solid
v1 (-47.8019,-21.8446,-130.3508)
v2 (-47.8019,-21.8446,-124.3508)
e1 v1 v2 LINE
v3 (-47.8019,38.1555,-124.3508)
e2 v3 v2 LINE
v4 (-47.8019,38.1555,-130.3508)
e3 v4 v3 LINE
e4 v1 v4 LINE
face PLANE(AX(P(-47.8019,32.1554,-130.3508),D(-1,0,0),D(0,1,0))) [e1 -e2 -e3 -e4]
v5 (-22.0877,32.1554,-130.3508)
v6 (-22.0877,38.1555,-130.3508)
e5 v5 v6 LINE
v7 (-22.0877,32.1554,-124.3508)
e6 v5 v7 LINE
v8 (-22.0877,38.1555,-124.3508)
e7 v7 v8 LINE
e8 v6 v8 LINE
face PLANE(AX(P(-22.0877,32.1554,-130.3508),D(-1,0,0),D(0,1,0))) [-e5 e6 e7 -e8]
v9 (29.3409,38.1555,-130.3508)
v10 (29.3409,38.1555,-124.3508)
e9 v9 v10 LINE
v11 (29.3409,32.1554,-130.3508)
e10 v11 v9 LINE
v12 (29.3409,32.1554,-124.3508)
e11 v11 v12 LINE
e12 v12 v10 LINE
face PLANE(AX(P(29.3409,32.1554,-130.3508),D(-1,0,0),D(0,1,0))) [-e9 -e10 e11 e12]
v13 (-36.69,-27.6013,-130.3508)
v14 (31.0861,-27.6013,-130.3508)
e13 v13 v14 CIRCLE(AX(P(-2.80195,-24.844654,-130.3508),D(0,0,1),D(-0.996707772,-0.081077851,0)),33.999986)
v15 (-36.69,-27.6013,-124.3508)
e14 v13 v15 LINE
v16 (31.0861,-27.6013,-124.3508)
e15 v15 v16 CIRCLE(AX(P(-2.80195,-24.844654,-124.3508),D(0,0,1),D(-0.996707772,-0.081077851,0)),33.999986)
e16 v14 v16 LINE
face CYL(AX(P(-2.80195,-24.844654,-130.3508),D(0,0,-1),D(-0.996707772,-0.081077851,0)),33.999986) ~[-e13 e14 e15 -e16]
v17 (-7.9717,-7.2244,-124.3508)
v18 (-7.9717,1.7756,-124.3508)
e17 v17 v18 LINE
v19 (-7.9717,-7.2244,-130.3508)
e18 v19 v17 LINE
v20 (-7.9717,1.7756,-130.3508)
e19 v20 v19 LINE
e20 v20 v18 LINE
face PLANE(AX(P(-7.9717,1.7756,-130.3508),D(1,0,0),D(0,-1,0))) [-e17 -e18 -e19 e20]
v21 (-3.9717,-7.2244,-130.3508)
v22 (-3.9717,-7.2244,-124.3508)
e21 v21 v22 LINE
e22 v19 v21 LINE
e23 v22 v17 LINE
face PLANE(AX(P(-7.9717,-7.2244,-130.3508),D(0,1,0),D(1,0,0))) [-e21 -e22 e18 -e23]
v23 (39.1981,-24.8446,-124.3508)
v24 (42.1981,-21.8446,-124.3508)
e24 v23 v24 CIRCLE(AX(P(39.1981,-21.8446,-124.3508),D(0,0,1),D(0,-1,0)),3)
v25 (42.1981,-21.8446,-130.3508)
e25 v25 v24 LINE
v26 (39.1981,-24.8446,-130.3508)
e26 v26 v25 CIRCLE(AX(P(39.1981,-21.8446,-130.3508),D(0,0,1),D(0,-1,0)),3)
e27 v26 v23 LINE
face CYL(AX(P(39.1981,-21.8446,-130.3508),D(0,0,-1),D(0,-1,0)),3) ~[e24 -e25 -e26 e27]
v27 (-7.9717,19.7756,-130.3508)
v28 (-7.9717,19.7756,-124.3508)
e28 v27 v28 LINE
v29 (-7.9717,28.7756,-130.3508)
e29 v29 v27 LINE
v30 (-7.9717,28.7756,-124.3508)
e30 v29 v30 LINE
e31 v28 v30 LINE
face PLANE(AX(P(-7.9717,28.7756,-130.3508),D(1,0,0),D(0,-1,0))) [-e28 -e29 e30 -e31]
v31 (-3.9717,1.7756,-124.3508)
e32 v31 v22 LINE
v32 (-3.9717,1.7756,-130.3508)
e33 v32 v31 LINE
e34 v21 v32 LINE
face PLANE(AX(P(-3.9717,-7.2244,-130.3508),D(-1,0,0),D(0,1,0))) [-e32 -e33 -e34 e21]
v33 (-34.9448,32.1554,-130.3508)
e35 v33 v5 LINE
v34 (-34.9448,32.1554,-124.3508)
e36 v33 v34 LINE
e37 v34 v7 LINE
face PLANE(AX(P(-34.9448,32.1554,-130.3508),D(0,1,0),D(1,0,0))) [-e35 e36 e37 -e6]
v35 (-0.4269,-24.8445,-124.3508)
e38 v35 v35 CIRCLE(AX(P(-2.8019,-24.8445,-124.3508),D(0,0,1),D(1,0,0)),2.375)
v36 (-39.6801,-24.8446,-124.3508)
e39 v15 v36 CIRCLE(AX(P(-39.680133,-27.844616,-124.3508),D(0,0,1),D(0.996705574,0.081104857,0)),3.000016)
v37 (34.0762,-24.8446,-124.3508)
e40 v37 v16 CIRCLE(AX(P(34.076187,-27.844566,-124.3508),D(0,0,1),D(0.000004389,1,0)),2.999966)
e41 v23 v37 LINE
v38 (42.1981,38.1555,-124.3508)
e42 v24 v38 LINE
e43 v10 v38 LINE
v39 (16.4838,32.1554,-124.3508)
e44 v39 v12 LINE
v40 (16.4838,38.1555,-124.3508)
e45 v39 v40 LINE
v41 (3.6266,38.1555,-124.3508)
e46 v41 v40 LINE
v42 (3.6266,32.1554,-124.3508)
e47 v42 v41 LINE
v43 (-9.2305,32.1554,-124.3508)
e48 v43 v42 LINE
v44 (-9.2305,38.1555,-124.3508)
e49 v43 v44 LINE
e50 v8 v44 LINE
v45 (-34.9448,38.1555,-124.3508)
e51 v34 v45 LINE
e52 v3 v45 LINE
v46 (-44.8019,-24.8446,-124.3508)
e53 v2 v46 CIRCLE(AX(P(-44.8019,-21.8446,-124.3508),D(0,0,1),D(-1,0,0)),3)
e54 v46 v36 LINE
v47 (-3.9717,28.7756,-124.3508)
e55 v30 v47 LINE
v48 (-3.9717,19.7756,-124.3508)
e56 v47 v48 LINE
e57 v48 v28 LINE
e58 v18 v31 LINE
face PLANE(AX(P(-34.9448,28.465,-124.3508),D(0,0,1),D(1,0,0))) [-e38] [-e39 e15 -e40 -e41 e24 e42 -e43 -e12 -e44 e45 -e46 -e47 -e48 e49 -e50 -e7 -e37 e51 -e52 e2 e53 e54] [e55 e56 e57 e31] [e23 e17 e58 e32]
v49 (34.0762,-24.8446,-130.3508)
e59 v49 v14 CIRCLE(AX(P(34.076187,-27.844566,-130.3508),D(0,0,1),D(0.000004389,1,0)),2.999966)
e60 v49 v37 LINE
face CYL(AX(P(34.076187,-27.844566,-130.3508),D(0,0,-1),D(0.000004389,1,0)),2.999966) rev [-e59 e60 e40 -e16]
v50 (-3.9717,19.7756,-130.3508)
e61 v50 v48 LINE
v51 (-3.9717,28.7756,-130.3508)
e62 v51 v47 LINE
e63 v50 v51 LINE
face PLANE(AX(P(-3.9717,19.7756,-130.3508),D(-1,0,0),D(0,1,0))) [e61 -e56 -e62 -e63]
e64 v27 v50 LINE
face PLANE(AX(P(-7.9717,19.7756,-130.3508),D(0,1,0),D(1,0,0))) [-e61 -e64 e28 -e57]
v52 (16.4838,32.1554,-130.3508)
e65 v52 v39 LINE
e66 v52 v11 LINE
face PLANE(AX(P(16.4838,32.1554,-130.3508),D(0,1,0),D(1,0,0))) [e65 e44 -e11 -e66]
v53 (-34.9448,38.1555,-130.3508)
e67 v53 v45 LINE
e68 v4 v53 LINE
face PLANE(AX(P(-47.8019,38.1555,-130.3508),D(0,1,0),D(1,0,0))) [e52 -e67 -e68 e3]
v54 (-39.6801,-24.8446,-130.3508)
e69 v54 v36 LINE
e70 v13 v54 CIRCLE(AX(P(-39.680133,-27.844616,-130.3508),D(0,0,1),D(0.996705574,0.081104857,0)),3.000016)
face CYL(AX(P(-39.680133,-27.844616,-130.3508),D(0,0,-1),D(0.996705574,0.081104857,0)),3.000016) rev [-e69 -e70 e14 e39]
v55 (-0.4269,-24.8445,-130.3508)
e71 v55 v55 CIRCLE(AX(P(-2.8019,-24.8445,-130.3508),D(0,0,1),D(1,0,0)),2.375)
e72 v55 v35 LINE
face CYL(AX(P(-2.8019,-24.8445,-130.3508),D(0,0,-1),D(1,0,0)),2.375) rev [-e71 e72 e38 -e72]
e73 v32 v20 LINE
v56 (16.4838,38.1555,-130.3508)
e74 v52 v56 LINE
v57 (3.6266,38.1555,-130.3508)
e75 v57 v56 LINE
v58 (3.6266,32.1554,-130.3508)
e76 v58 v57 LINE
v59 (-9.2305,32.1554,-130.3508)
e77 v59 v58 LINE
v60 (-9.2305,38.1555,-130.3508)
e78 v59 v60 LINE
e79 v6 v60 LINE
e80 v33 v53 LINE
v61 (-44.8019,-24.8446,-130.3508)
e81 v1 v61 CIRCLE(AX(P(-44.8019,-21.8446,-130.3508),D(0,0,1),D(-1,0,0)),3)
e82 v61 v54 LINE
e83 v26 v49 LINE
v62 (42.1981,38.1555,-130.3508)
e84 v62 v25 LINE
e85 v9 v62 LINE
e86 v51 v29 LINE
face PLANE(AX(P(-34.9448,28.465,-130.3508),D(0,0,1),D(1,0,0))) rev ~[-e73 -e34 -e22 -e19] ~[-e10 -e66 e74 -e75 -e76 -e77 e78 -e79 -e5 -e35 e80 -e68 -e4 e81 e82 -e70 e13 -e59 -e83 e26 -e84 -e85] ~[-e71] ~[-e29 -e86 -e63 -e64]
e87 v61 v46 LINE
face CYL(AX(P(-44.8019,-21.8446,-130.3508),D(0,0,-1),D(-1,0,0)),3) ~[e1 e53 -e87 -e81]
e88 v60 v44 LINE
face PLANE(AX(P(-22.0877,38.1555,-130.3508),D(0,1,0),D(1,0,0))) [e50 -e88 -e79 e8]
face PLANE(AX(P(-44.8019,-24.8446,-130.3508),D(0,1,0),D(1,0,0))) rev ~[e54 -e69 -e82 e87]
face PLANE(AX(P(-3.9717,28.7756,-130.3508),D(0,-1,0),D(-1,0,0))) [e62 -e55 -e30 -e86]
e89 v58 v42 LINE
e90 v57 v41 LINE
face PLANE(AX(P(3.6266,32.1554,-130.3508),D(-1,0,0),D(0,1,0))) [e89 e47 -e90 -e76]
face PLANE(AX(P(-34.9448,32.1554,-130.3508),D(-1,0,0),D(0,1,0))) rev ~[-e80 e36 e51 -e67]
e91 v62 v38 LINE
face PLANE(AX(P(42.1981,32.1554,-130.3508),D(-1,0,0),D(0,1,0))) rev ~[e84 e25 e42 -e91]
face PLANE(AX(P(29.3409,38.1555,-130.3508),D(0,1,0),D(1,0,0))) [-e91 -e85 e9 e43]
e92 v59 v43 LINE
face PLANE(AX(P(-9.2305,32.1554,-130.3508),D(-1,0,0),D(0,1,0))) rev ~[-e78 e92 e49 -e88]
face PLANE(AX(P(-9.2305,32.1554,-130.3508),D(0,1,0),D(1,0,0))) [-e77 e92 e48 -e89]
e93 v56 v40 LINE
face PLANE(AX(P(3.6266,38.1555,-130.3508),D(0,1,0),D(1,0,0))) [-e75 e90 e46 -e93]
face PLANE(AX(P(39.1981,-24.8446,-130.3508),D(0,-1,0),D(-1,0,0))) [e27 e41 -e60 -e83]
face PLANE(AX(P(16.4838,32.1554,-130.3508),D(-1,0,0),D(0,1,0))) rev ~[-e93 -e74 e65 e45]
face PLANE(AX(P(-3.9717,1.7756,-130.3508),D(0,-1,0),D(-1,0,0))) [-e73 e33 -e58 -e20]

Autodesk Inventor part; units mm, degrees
ref_plane "YZ Plane" through (0, 0, 0) normal (1, 0, 0) x (0, 1, 0)
ref_plane "XZ Plane" through (0, 0, 0) normal (0, 1, 0) x (-1, 0, 0)
ref_plane "РабПлоскость1" through (-34.9448, 28.465, -130.3508) normal (0, 0, 1) x (1, 0, 0)
sketch "Эскиз1" plane through (-34.9448, 28.465, -130.3508) normal (0, 0, 1) x (1, 0, 0)
  line L0 (0, 3.6904) -> (-12.8571, 3.6904) construction
  line L1 (0, 3.6904) -> (0, 9.6905) projected
  line L2 (-12.8571, 9.6905) -> (0, 9.6905) projected
  line L3 (-12.8571, 3.6904) -> (-12.8571, 9.6905)
  line L4 (25.7143, 3.6904) -> (12.8571, 3.6904) construction
  line L5 (25.7143, 3.6904) -> (25.7143, 9.6905) projected
  line L6 (12.8571, 9.6905) -> (25.7143, 9.6905) projected
  line L7 (12.8571, 3.6904) -> (12.8571, 9.6905)
  line L8 (51.4286, 3.6904) -> (38.5714, 3.6904) construction
  line L9 (51.4286, 3.6904) -> (51.4286, 9.6905) projected
  line L10 (38.5714, 9.6905) -> (51.4286, 9.6905) projected
  line L11 (38.5714, 3.6904) -> (38.5714, 9.6905)
  line L12 (77.1429, 3.6904) -> (64.2857, 3.6904) construction
  line L13 (77.1429, 3.6904) -> (77.1429, 9.6905) projected
  line L14 (64.2857, 9.6905) -> (77.1429, 9.6905) projected
  line L15 (64.2857, 3.6904) -> (64.2857, 9.6905)
  line L16 (0, 3.6904) -> (12.8571, 3.6904)
  line L17 (25.7143, 3.6904) -> (38.5714, 3.6904)
  line L18 (51.4286, 3.6904) -> (64.2857, 3.6904)
  line L19 (-12.8571, 3.6904) -> (-12.8571, -50.3096)
  line L20 (-9.8571, -53.3096) -> (-4.7353, -53.3096)
  line L21 (77.1429, 3.6904) -> (77.1429, -50.3096)
  line L22 (74.1429, -53.3096) -> (69.021, -53.3096)
  line L23 (-1.8571, -53.3096) -> (66.1429, -53.3096) construction
  arc A0 (-1.7452, -56.0663) -> (66.0309, -56.0663) centre (32.1429, -53.3096) ccw
  arc A1 (-1.7452, -56.0663) -> (-4.7353, -53.3096) centre (-4.7353, -56.3096) ccw
  arc A2 (69.021, -53.3096) -> (66.0309, -56.0663) centre (69.021, -56.3096) ccw
  arc A3 (74.1429, -53.3096) -> (77.1429, -50.3096) centre (74.1429, -50.3096) ccw
  arc A4 (-12.8571, -50.3096) -> (-9.8571, -53.3096) centre (-9.8571, -50.3096) ccw
  circle A5 centre (32.1429, -53.3095) radius 2.375
  point P0 (34.9448, -28.465)
  point P1 (77.1429, -53.3096)
  dimension "d0" = 57
  dimension "d1" = 34
  dimension "d2" = 3
  dimension "d3" = 6
  dimension "d14" = 4.75
ref_plane "РабПлоскость2" through (-162.802, 331.465, 111.3492) normal (0, 0, 1) x (1, 0, 0)
extrude "Выдавливание1" add sketch "Эскиз1" along normal blind 6
sketch "Эскиз6" plane through (-34.9448, 28.465, -130.3508) normal (0, 0, -1) x (-1, 0, 0)
  line L0 (-30.9731, -35.6894) -> (-30.9731, -26.6894)
  line L1 (-30.9731, -26.6894) -> (-26.9731, -26.6894)
  line L2 (-26.9731, -35.6894) -> (-30.9731, -35.6894)
  line L3 (-26.9731, -26.6894) -> (-26.9731, -35.6894)
  line L4 (-26.9731, 0.3106) -> (-26.9731, -8.6894)
  line L5 (-26.9731, -8.6894) -> (-30.9731, -8.6894)
  line L6 (-30.9731, 0.3106) -> (-26.9731, 0.3106)
  line L7 (-30.9731, -8.6894) -> (-30.9731, 0.3106)
extrude "Выдавливание5" cut sketch "Эскиз6" against normal blind 10
sketch "Эскиз2" plane through (-34.9448, 28.465, -130.3508) normal (0, 0, -1) x (-1, 0, 0)
  line L0 (-4.9286, 3.6904) -> (-4.9286, -2.6596)
  line L1 (-4.9286, -2.6596) -> (-3.6786, -2.6596)
  line L2 (-3.6786, -2.6596) -> (-3.6786, -4.9596)
  line L3 (-3.6786, -4.9596) -> (-4.9286, -4.9596)
  line L4 (-4.9286, -4.9596) -> (-4.9286, -11.3096)
  line L5 (-4.9286, -11.3096) -> (-7.9286, -11.3096)
  line L6 (-7.9286, -11.3096) -> (-7.9286, -4.9596)
  line L7 (-7.9286, -4.9596) -> (-9.1786, -4.9596)
  line L8 (-9.1786, -4.9596) -> (-9.1786, -2.6596)
  line L9 (-9.1786, -2.6596) -> (-7.9286, -2.6596)
  line L10 (-7.9286, -2.6596) -> (-7.9286, 3.6904)
  line L11 (-56.3571, 3.6904) -> (-59.3571, 3.6904)
  line L12 (-56.3571, 3.6904) -> (-56.3571, -2.6596)
  line L13 (-56.3571, -2.6596) -> (-55.1071, -2.6596)
  line L14 (-55.1071, -2.6596) -> (-55.1071, -4.9596)
  line L15 (-55.1071, -4.9596) -> (-56.3571, -4.9596)
  line L16 (-56.3571, -4.9596) -> (-56.3571, -11.3096)
  line L17 (-56.3571, -11.3096) -> (-59.3571, -11.3096)
  line L18 (-59.3571, -11.3096) -> (-59.3571, -4.9596)
  line L19 (-59.3571, -4.9596) -> (-60.6071, -4.9596)
  line L20 (-60.6071, -4.9596) -> (-60.6071, -2.6596)
  line L21 (-60.6071, -2.6596) -> (-59.3571, -2.6596)
  line L22 (-59.3571, -2.6596) -> (-59.3571, 3.6904)
  line L23 (-56.3571, 3.6904) -> (-59.3571, 3.6904) projected
  line L24 (-4.9286, 3.6904) -> (-7.9286, 3.6904) projected
  line L25 (-25.7143, 3.6904) -> (-25.7143, 9.6905) projected
  line L26 (-38.5714, 3.6904) -> (-25.7143, 3.6904) projected
  line L27 (-38.5714, 9.6905) -> (-38.5714, 3.6904) projected
  line L28 (-51.4286, 3.6904) -> (-51.4286, 9.6905) projected
  line L29 (-64.2857, 3.6904) -> (-51.4286, 3.6904) projected
  line L30 (-64.2857, 9.6905) -> (-64.2857, 3.6904) projected
  line L31 (-77.1429, -50.3096) -> (-77.1429, 9.6905) projected
  arc A0 (-77.1429, -50.3096) -> (-74.1429, -53.3096) centre (-74.1429, -50.3096) ccw projected
  line L32 (-69.021, -53.3096) -> (-74.1429, -53.3096) projected
  arc A1 (-66.0309, -56.0663) -> (-69.021, -53.3096) centre (-69.021, -56.3096) ccw projected
  arc A2 (-66.0309, -56.0663) -> (1.7452, -56.0663) centre (-32.1429, -53.3096) ccw projected
  arc A3 (4.7353, -53.3096) -> (1.7452, -56.0663) centre (4.7353, -56.3096) ccw projected
  line L33 (9.8571, -53.3096) -> (4.7353, -53.3096) projected
  arc A4 (9.8571, -53.3096) -> (12.8571, -50.3096) centre (9.8571, -50.3096) ccw projected
  line L34 (12.8571, 9.6905) -> (12.8571, -50.3096) projected
  line L35 (0, 3.6904) -> (0, 9.6905) projected
  line L36 (-12.8571, 3.6904) -> (0, 3.6904) projected
  line L37 (-12.8571, 9.6905) -> (-12.8571, 3.6904) projected
  circle A5 centre (-32.1429, -53.3095) radius 2.375 projected
  line L38 (-25.7143, 9.6905) -> (-12.8571, 9.6905) projected
  line L39 (-51.4286, 9.6905) -> (-38.5714, 9.6905) projected
  line L40 (-77.1429, 9.6905) -> (-64.2857, 9.6905) projected
  line L41 (0, 9.6905) -> (12.8571, 9.6905) projected
  point P0 (-6.4286, 0)
sketch "Эскиз4" plane through (29.3409, 38.1554, -130.3508) normal (0, 1, 0) x (1, 0, 0)
  line L0 (-77.1429, 0) -> (-77.1429, -6) projected
  line L1 (12.8571, 0) -> (-77.1429, 0)
  line L2 (-77.1429, 0) -> (-77.1429, -6)
  line L3 (-77.1429, -6) -> (12.8571, -6)
  line L4 (12.8571, -6) -> (12.8571, 0)
  point P0 (-29.3409, -130.3508)
sketch "Эскиз5" plane through (-34.9448, 28.465, -130.3508) normal (0, 0, -1) x (-1, 0, 0)
  line L0 (-236.4804, 8.6905) -> (-77.1429, 8.6905) construction
  line L1 (-77.1429, 8.6905) -> (-64.2857, 8.6905) construction
  line L2 (-64.2857, 8.6905) -> (-51.4286, 8.6905) construction
  line L3 (-51.4286, 8.6905) -> (-38.5714, 8.6905) construction
  line L4 (-38.5714, 8.6905) -> (-25.7143, 8.6905) construction
  line L5 (-25.7143, 8.6905) -> (-12.8571, 8.6905) construction
  line L6 (-12.8571, 8.6905) -> (0, 8.6905) construction
  line L7 (0, 8.6905) -> (12.8571, 8.6905) construction
  line L8 (12.8571, 8.6905) -> (44.8254, 8.6905) construction
  line L9 (44.8254, 8.6905) -> (44.8254, 3.6905) construction
  line L10 (44.8254, 3.6905) -> (12.8571, 3.6905) construction
  line L11 (12.8571, 3.6905) -> (12.8571, 8.6905) construction
  line L12 (-236.4804, 3.6905) -> (-236.4804, 8.6905) construction
  line L13 (-77.1429, 3.6905) -> (-236.4804, 3.6905) construction
  line L14 (-64.2857, 3.6905) -> (-77.1429, 3.6905) construction
  line L15 (-51.4286, 3.6905) -> (-64.2857, 3.6905) construction
  line L16 (-38.5714, 3.6905) -> (-51.4286, 3.6905) construction
  line L17 (-25.7143, 3.6905) -> (-38.5714, 3.6905) construction
  line L18 (-12.8571, 3.6905) -> (-25.7143, 3.6905) construction
  line L19 (0, 3.6905) -> (-12.8571, 3.6905) construction
  line L20 (12.8571, 3.6905) -> (0, 3.6905) construction
  line L21 (-77.1429, 8.6905) -> (-77.1429, 3.6905) construction
  line L22 (-64.2857, 3.6905) -> (-64.2857, 8.6905) construction
  line L23 (-51.4286, 8.6905) -> (-51.4286, 3.6905) construction
  line L24 (-38.5714, 3.6905) -> (-38.5714, 8.6905) construction
  line L25 (-25.7143, 8.6905) -> (-25.7143, 3.6905) construction
  line L26 (-12.8571, 3.6905) -> (-12.8571, 8.6905) construction
  line L27 (0, 8.6905) -> (0, 3.6905) construction
  line L28 (-242.4804, 3.6905) -> (-352.8338, 3.6905) construction
  line L29 (-352.8338, 3.6905) -> (-352.8338, 8.6905) construction
  line L30 (-352.8338, 8.6905) -> (-242.4804, 8.6905) construction
  line L31 (-242.4804, 8.6905) -> (-242.4804, 3.6905) construction
  line L32 (-34.1429, 3.6915) -> (-30.1429, 3.6915) construction
  line L33 (-30.1429, -50.9345) -> (-34.1429, -50.9345) construction
  line L34 (-34.1429, 3.6915) -> (-30.1429, -50.9345) construction
  line L35 (-30.1429, 3.6915) -> (-34.1429, -50.9345) construction
  circle A0 centre (-32.1429, -53.3095) radius 2.375 construction
  line L36 (-34.1429, -5.6215) -> (-30.1429, -5.6215)
  line L37 (-30.1429, -41.6215) -> (-34.1429, -41.6215)
  line L38 (-34.1429, -5.6215) -> (-30.1429, -41.6215) construction
  line L39 (-30.1429, -5.6215) -> (-34.1429, -41.6215) construction
  line L40 (-34.1429, -14.6215) -> (-30.1429, -14.6215)
  line L41 (-30.1429, -32.6215) -> (-34.1429, -32.6215)
  line L42 (-34.1429, -14.6215) -> (-30.1429, -32.6215) construction
  line L43 (-30.1429, -14.6215) -> (-34.1429, -32.6215) construction
  line L44 (-34.1429, -41.6215) -> (-34.1429, -32.6215)
  line L45 (-34.1429, -14.6215) -> (-34.1429, -5.6215)
  line L46 (-30.1429, -5.6215) -> (-30.1429, -14.6215)
  line L47 (-30.1429, -32.6215) -> (-30.1429, -41.6215)
  line L48 (-30.1429, -32.6215) -> (-30.1429, -41.6215) construction
  line L49 (-34.1429, -50.9345) -> (-34.1429, -32.6215) construction
  line L50 (-34.1429, -14.6215) -> (-34.1429, 3.6915) construction
  line L51 (-30.1429, 3.6915) -> (-30.1429, 3.6905) construction
  line L52 (-30.1429, -5.6215) -> (-30.1429, -14.6215) construction
  point P0 (-34.9448, -28.465)
  point P1 (-32.1429, -23.6215)
  point P2 (-32.1429, -50.9345)
  dimension "d20" = 4
  dimension "d21" = 54.626
equation "\"d4\" = d3"
properties part number "wheel1"
